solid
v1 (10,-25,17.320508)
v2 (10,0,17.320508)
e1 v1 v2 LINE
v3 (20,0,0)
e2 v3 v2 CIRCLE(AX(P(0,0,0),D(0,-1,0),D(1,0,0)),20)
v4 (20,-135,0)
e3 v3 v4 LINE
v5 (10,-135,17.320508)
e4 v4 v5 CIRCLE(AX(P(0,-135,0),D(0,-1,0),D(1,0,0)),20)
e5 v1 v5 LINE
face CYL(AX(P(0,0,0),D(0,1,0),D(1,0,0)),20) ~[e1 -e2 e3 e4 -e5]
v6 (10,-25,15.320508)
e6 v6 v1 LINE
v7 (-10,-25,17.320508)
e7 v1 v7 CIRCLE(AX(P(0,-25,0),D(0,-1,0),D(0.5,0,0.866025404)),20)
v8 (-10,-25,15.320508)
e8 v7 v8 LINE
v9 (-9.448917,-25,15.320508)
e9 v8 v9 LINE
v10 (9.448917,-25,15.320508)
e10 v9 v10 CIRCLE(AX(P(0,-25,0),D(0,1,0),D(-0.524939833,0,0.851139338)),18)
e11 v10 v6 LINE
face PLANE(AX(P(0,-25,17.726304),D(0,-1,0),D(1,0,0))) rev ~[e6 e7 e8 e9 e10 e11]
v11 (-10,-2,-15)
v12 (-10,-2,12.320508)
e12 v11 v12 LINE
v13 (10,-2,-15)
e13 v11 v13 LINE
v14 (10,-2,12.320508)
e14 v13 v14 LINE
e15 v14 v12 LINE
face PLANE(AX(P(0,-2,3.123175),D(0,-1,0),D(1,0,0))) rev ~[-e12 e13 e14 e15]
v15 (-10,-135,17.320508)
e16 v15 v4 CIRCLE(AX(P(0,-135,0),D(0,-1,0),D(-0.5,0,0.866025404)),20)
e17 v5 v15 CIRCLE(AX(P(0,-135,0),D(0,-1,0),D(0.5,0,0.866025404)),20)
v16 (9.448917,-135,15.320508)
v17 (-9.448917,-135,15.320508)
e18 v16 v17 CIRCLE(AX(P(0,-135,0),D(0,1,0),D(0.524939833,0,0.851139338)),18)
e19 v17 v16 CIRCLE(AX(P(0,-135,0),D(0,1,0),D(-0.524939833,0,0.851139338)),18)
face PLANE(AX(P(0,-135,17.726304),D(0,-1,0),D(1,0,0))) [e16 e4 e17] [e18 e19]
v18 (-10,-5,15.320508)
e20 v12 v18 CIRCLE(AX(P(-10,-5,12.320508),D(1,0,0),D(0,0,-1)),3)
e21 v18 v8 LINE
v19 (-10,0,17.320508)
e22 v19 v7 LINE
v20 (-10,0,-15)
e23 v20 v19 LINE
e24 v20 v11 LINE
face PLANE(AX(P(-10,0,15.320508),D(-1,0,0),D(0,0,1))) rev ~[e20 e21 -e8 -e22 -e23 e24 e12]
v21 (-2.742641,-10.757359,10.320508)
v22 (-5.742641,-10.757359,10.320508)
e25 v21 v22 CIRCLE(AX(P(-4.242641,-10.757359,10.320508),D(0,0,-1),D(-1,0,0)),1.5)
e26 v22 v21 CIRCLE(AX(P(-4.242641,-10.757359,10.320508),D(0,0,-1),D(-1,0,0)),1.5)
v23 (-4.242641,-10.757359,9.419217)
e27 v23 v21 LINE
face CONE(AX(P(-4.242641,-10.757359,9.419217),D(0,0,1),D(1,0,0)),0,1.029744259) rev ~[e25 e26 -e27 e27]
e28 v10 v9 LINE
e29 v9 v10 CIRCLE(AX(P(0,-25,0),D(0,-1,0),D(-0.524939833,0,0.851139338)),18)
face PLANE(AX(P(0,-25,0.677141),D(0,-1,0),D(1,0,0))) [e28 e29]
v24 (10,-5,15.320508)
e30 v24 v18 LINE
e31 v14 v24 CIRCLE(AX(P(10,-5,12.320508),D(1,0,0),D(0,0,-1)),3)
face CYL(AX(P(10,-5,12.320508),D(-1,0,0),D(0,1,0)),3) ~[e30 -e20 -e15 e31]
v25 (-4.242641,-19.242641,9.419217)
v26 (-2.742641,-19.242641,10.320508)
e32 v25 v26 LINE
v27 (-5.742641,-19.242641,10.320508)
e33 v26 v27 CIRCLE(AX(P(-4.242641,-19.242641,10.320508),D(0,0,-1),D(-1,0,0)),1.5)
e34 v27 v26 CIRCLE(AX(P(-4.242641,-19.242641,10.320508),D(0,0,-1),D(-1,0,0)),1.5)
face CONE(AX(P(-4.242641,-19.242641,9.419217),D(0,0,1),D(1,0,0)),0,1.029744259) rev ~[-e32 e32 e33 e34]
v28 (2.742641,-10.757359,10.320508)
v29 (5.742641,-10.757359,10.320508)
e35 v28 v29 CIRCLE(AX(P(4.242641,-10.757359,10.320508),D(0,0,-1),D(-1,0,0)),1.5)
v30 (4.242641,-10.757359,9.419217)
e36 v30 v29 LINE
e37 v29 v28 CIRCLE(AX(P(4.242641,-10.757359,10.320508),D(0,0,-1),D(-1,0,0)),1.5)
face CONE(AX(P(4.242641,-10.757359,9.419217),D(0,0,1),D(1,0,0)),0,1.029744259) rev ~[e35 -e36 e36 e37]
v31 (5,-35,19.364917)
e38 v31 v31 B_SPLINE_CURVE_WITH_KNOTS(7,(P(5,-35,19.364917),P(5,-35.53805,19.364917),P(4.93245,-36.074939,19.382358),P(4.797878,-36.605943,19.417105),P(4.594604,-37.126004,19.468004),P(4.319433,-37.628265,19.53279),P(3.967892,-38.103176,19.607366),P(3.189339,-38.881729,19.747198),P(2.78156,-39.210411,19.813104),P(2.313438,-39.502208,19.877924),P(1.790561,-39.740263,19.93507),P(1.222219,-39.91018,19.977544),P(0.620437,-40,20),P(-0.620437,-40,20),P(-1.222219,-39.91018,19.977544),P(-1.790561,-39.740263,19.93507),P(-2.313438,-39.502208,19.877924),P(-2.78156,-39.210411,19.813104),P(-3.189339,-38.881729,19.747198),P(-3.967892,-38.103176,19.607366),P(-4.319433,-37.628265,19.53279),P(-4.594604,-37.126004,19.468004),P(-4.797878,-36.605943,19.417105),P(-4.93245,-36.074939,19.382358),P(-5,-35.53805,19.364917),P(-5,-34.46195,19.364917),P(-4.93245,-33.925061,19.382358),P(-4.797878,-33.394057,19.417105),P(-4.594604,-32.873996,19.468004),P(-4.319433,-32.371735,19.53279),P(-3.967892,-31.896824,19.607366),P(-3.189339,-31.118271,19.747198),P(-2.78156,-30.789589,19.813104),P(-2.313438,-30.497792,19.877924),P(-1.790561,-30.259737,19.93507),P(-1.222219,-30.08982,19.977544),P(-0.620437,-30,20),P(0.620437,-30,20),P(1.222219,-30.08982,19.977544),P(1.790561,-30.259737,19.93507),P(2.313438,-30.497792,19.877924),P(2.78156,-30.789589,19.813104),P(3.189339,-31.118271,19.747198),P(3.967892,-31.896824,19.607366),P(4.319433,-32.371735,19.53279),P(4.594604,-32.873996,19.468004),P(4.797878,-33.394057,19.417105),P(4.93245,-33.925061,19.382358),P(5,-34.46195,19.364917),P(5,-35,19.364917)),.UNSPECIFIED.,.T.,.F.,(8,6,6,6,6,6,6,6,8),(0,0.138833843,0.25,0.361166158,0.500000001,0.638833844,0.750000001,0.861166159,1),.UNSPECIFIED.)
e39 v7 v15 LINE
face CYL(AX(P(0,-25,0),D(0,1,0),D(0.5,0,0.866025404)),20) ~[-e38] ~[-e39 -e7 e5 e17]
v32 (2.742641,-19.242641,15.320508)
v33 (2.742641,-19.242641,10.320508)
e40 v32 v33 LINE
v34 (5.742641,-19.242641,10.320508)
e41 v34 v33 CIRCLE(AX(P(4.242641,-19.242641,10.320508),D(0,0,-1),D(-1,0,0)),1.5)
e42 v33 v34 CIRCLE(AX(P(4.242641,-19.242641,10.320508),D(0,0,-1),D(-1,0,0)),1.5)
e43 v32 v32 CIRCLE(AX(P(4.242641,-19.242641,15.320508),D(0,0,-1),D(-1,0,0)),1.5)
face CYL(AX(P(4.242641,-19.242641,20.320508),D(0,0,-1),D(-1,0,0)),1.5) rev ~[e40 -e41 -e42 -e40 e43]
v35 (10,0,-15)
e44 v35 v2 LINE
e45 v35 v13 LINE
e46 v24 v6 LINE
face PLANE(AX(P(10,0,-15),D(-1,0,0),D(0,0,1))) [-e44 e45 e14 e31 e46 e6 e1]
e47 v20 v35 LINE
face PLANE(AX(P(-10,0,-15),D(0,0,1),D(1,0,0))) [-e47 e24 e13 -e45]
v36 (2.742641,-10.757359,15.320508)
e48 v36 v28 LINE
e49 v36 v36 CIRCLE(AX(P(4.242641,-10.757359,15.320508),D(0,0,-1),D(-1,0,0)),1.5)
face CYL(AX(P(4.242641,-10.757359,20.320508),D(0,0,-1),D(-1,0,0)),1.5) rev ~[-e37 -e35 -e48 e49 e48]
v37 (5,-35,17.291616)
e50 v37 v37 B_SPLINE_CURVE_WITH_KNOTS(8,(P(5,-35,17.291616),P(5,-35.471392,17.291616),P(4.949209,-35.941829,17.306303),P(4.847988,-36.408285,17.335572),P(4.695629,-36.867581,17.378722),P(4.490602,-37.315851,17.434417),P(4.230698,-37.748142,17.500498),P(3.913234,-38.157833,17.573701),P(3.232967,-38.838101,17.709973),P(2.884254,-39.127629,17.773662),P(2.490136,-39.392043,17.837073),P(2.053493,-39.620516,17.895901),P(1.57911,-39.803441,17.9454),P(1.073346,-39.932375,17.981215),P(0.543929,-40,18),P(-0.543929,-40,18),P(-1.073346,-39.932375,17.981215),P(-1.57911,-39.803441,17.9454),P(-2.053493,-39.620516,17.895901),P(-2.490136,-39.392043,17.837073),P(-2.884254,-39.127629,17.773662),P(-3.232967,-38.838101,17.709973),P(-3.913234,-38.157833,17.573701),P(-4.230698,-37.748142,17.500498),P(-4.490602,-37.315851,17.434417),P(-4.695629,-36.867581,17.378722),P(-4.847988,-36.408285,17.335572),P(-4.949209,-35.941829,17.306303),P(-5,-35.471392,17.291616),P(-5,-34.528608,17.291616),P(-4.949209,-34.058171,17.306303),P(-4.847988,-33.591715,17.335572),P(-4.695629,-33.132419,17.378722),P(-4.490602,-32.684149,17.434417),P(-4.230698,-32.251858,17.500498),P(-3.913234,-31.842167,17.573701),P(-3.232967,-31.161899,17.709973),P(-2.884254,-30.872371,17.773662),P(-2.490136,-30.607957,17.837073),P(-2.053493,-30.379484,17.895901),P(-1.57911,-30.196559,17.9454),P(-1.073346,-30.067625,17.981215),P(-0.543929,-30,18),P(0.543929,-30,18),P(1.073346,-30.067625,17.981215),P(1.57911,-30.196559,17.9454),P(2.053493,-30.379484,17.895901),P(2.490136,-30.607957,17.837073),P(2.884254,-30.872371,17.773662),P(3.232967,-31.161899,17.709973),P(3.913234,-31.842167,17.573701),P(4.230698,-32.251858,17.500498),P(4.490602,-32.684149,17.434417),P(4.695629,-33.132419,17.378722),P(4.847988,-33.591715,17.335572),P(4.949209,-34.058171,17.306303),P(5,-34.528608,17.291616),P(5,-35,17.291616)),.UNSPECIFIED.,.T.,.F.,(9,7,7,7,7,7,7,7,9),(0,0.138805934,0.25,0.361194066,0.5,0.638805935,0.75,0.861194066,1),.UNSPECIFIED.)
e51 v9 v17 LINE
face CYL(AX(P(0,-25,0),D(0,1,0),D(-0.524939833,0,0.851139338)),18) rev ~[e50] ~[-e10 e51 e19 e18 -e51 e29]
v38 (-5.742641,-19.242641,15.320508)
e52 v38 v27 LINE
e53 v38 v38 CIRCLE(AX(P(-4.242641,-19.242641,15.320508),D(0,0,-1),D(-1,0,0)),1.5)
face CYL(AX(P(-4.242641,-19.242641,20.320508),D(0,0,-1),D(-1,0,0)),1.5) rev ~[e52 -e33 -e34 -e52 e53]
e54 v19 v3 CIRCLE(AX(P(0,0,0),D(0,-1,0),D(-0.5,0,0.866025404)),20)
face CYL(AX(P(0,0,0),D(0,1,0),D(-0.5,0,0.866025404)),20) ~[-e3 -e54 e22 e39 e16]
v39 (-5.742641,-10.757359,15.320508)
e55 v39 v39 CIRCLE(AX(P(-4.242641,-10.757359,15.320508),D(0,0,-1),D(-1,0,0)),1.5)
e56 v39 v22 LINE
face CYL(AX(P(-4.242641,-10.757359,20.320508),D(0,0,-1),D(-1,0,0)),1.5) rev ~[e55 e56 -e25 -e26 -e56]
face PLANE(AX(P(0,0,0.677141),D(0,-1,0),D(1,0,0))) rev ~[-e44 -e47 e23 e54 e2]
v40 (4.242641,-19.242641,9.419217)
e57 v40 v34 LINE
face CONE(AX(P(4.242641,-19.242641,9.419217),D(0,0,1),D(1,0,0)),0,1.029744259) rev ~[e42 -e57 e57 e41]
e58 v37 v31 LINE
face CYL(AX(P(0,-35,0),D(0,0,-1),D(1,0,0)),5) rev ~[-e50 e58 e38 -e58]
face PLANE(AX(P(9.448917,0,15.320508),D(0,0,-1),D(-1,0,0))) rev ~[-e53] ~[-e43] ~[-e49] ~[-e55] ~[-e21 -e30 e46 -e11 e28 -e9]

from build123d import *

# Parameters (mm, degrees)
F1_DEPTH = 135
F2_START = 25
F2_DEPTH = 110
F0_R     = 13.5
F3_DEPTH = 25
F4_W     = 20
F4_H     = 36.2463506984
F5_DEPTH = 2
F7_D     = 3
F7_DEPTH = 5
F7_TIP   = 0.9012909285
F9_D     = 10
F9_DEPTH = 20.001
F10_R    = 3


with BuildPart() as f1:
    # F0 (on Front) → F1 (new body)
    with BuildSketch(Plane.XZ):
        with BuildLine():
            ThreePointArc((-10, 17.3205080757), (-10, -17.3205080757), (20, 0))
            ThreePointArc((20, 0), (17.3205080757, 10), (10, 17.3205080757))
            Line((10, 17.3205080757), (10, 15.3205080757))
            Line((10, 15.3205080757), (9.448916991, 15.3205080757))
            ThreePointArc((9.448916991, 15.3205080757), (15.7175142093, 8.7726704646), (18, 0))
            ThreePointArc((18, 0), (-8.7726704646, -15.7175142093), (-9.448916991, 15.3205080757))
            Line((-9.448916991, 15.3205080757), (-10, 15.3205080757))
            Line((-10, 15.3205080757), (-10, 17.3205080757))
        make_face()
    extrude(amount=F1_DEPTH)

    # F0 (on Front) → F2 (join)
    with BuildSketch(Plane.XZ.offset(F2_START)):
        with BuildLine():
            Line((10, 15.3205080757), (10, 17.3205080757))
            ThreePointArc((10, 17.3205080757), (0, 20), (-10, 17.3205080757))
            Line((-10, 17.3205080757), (-10, 15.3205080757))
            Line((-10, 15.3205080757), (-9.448916991, 15.3205080757))
            ThreePointArc((-9.448916991, 15.3205080757), (0, 18), (9.448916991, 15.3205080757))
            Line((9.448916991, 15.3205080757), (10, 15.3205080757))
        make_face()
    extrude(amount=F2_DEPTH)

    # F0 (on Front) → F3 (join)
    with BuildSketch(Plane.XZ):
        with BuildLine():
            ThreePointArc((18, 0), (15.7175142093, 8.7726704646), (9.448916991, 15.3205080757))
            Line((9.448916991, 15.3205080757), (-9.448916991, 15.3205080757))
            ThreePointArc((-9.448916991, 15.3205080757), (-8.7726704646, -15.7175142093), (18, 0))
        make_face()
        Circle(F0_R, mode=Mode.SUBTRACT)
        Circle(F0_R)
    extrude(amount=F3_DEPTH)

    # F4 (on Front) → F5 (cut)
    with BuildSketch(Plane.XZ):
        with Locations((0, 3.1231753492)):
            Rectangle(F4_W, F4_H)
    extrude(amount=F5_DEPTH, mode=Mode.SUBTRACT)

    # F7
    with Locations(Plane.XY.offset(15.3205080757)):
        with Locations((4.2426406871, -10.7573593129), (-4.2426406871, -10.7573593129), (-4.2426406871, -19.2426406871), (4.2426406871, -19.2426406871)):
            Hole(F7_D / 2, depth=F7_DEPTH)
            with Locations((0, 0, -(F7_DEPTH + F7_TIP / 2))):  # 118° drill point
                Cone(0, F7_D / 2, F7_TIP, mode=Mode.SUBTRACT)

    # F9 (through all, one way)
    with BuildSketch(Plane(origin=(0, 0, 0), x_dir=(1, 0, 0), z_dir=(0, 0, -1))):
        with Locations((0, 35)):
            Circle(F9_D / 2)
    extrude(amount=-F9_DEPTH, mode=Mode.SUBTRACT)

    # F10
    f10_edges = [f1.edges().sort_by_distance(p)[0] for p in [
        (0, -2, 15.320508),
    ]]
    fillet(f10_edges, radius=F10_R)


solid = f1.part
